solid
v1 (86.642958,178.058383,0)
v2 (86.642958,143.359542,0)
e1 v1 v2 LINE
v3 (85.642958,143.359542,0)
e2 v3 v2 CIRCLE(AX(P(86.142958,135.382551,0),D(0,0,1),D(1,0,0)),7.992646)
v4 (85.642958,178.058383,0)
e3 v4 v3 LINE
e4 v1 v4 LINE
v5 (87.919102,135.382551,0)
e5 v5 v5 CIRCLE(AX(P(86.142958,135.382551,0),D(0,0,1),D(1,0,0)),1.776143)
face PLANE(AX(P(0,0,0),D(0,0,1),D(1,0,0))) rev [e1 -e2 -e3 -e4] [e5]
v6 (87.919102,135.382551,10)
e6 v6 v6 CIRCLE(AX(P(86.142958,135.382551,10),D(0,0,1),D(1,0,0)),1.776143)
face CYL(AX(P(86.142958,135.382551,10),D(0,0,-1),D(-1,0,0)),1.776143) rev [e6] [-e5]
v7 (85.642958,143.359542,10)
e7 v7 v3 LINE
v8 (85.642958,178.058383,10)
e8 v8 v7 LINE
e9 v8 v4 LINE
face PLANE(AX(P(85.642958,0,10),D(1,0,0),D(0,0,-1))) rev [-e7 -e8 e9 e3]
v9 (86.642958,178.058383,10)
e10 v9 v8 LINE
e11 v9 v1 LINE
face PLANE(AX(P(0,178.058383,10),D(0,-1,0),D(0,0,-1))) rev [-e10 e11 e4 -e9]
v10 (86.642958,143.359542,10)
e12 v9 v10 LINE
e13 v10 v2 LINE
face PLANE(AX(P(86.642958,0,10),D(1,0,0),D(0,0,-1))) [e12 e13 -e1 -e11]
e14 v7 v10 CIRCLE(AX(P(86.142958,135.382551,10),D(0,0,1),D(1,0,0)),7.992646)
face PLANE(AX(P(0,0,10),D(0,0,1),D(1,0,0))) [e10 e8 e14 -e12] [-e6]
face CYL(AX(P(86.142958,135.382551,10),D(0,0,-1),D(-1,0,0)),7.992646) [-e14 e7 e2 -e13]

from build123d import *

# Parameters (mm, degrees)
EXTRUDE_1_DEPTH = 10


with BuildPart() as part:
    # Model → 凸台-拉伸1 (new body)
    # profile 1 of 8: a face of its own
    with BuildSketch(Plane.XY):
        with BuildLine():
            ThreePointArc((84.515747624, 134.670602669), (84.656484575, 136.354704261), (86.142958351, 137.15869479))
            Line((86.142958351, 137.15869479), (86.142958351, 143.375196939))
            ThreePointArc((86.142958351, 143.375196939), (85.892835846, 143.371282304), (85.642958351, 143.359542231))
            ThreePointArc((85.642958351, 143.359542231), (79.336442428, 139.572267895), (78.795813778, 132.235830705))
            add(Edge.make_bspline(
                [(78.795813778, 132.235830705), (79.201442186, 132.418540823), (79.597751424, 132.591555239), (80.43048274, 132.949140202), (80.863351604, 133.131140862), (82.114964313, 133.6560009), (82.926668954, 133.99465917), (83.986978139, 134.444262968), (84.25259172, 134.55751775), (84.515747624, 134.670602669)],
                knots=[239.817826964, 239.817826964, 239.817826964, 239.817826964, 241.118324831, 241.118324831, 242.624871419, 242.624871419, 245.637964594, 245.637964594, 246.657264609, 246.657264609, 246.657264609, 246.657264609], degree=3))
        make_face()
    # profile 2 of 8: a face of its own
    with BuildSketch(Plane.XY):
        with BuildLine():
            Line((86.142958351, 143.375196939), (86.142958351, 137.15869479))
            ThreePointArc((86.142958351, 137.15869479), (87.108905296, 136.873065368), (87.764175911, 136.108043742))
            add(Edge.make_bspline(
                [(87.764175911, 136.108043742), (88.044686421, 136.233986931), (88.329332122, 136.361475152), (89.512151447, 136.887586955), (90.447565566, 137.295513383), (92.083163303, 137.96177294), (92.753710832, 138.223187829), (93.469726438, 138.48335369), (93.487007878, 138.489621969), (93.504311736, 138.495887208)],
                knots=[0.564975086, 0.564975086, 0.564975086, 0.564975086, 1.587442363, 1.587442363, 4.749752142, 4.749752142, 6.841880027, 6.841880027, 6.893554923, 6.893554923, 6.893554923, 6.893554923], degree=3))
            ThreePointArc((93.504311736, 138.495887208), (90.765079543, 141.903163231), (86.642958351, 143.359542231))
            ThreePointArc((86.642958351, 143.359542231), (86.393080856, 143.371282304), (86.142958351, 143.375196939))
        make_face()
    # profile 3 of 8: a face of its own
    with BuildSketch(Plane.XY):
        with BuildLine():
            ThreePointArc((85.642958351, 143.359542231), (85.892835846, 143.371282304), (86.142958351, 143.375196939))
            Line((86.142958351, 143.375196939), (86.142958351, 178.058382984))
            Line((86.142958351, 178.058382984), (85.642958351, 178.058382984))
            Line((85.642958351, 178.058382984), (85.642958351, 143.359542231))
        make_face()
    # profile 4 of 8: a face of its own
    with BuildSketch(Plane.XY):
        with BuildLine():
            Line((86.142958351, 178.058382984), (86.142958351, 143.375196939))
            ThreePointArc((86.142958351, 143.375196939), (86.393080856, 143.371282304), (86.642958351, 143.359542231))
            Line((86.642958351, 143.359542231), (86.642958351, 178.058382984))
            Line((86.642958351, 178.058382984), (86.142958351, 178.058382984))
        make_face()
    # profile 5 of 8: a face of its own
    with BuildSketch(Plane.XY):
        with BuildLine():
            add(Edge.make_bspline(
                [(87.764175911, 136.108043742), (88.044686421, 136.233986931), (88.329332122, 136.361475152), (89.512151447, 136.887586955), (90.447565566, 137.295513383), (92.083163303, 137.96177294), (92.753710832, 138.223187829), (93.469726438, 138.48335369), (93.487007878, 138.489621969), (93.504311736, 138.495887208)],
                knots=[0.564975086, 0.564975086, 0.564975086, 0.564975086, 1.587442363, 1.587442363, 4.749752142, 4.749752142, 6.841880027, 6.841880027, 6.893554923, 6.893554923, 6.893554923, 6.893554923], degree=3))
            ThreePointArc((87.764175911, 136.108043742), (87.879938578, 135.753476276), (87.919101822, 135.382551319))
            ThreePointArc((87.919101822, 135.382551319), (86.506638101, 133.644039694), (84.515747624, 134.670602669))
            add(Edge.make_bspline(
                [(78.795813778, 132.235830705), (79.201442186, 132.418540823), (79.597751424, 132.591555239), (80.43048274, 132.949140202), (80.863351604, 133.131140862), (82.114964313, 133.6560009), (82.926668954, 133.99465917), (83.986978139, 134.444262968), (84.25259172, 134.55751775), (84.515747624, 134.670602669)],
                knots=[239.817826964, 239.817826964, 239.817826964, 239.817826964, 241.118324831, 241.118324831, 242.624871419, 242.624871419, 245.637964594, 245.637964594, 246.657264609, 246.657264609, 246.657264609, 246.657264609], degree=3))
            ThreePointArc((78.795813778, 132.235830705), (87.749081185, 127.552943829), (94.135603971, 135.382551319))
            ThreePointArc((94.135603971, 135.382551319), (93.976191174, 136.97089875), (93.504311736, 138.495887208))
        make_face()
        with BuildLine():
            Line((88.496502727, 133.902759243), (88.512127727, 133.958314799))
            Line((88.512127727, 133.958314799), (89.343724949, 133.958314799))
            add(Edge.make_bspline(
                [(89.343724949, 133.958314799), (89.366005787, 133.958238455), (89.408980089, 133.958091208), (89.471053535, 133.956776722), (89.528214846, 133.954691019), (89.580306274, 133.951642223), (89.627534592, 133.9479855), (89.669736637, 133.942554801), (89.707184007, 133.937323238), (89.73017603, 133.932393725), (89.740860366, 133.930102993)],
                knots=[0, 0, 0, 0, 1.340730156, 2.585941556, 3.735938728, 4.782417436, 5.725908979, 6.585455251, 7.3426646, 8, 8, 8, 8], degree=3))
            add(Edge.make_bspline(
                [(89.740860366, 133.930102993), (89.765706412, 133.923464048), (89.813724826, 133.910633369), (89.879766264, 133.879782009), (89.937121094, 133.840548316), (89.984372838, 133.792792491), (90.022630996, 133.739889797), (90.049560147, 133.682258653), (90.06727416, 133.621249519), (90.068985126, 133.579098378), (90.069853421, 133.55770716)],
                knots=[0, 0, 0, 0, 1.1444407, 2.211789597, 3.231322223, 4.22529072, 5.191493565, 6.126021885, 7.048977693, 8, 8, 8, 8], degree=3))
            add(Edge.make_bspline(
                [(90.069853421, 133.55770716), (90.068909804, 133.539711572), (90.066994541, 133.503185887), (90.054506044, 133.44816215), (90.032379754, 133.393332999), (90.003916963, 133.338057211), (89.96660929, 133.285016865), (89.920448571, 133.236493922), (89.866039091, 133.192922642), (89.814439589, 133.160967962), (89.76801639, 133.137432734), (89.727972879, 133.120396865), (89.683969739, 133.102912434), (89.635185634, 133.086510324), (89.582232564, 133.070101588), (89.524694533, 133.054211436), (89.463059851, 133.03780512), (89.420153109, 133.028320648), (89.397978421, 133.023418965)],
                knots=[0, 0, 0, 0, 0.926015676, 1.879536179, 2.885868529, 3.961296715, 5.072379891, 6.209732737, 7.395503017, 8.649275246, 9.325055167, 10.071803552, 10.887356143, 11.760683543, 12.718957186, 13.739396155, 14.831694431, 16, 16, 16, 16], degree=3))
            add(Edge.make_bspline(
                [(89.397978421, 133.023418965), (89.42206246, 133.016998306), (89.468651614, 133.00457792), (89.535067023, 132.982763634), (89.595715409, 132.95982056), (89.651100787, 132.936143224), (89.700227585, 132.910105818), (89.744019154, 132.88338132), (89.781886478, 132.854956525), (89.814050432, 132.824870327), (89.84187059, 132.793564633), (89.865689713, 132.761145878), (89.885826791, 132.727400518), (89.902526046, 132.692622975), (89.915086126, 132.656311611), (89.924115105, 132.618958092), (89.930145032, 132.580326591), (89.930688233, 132.554113403), (89.930964532, 132.540780076)],
                knots=[0, 0, 0, 0, 1.531555644, 2.96270413, 4.293681306, 5.516048711, 6.661459008, 7.707599869, 8.666075599, 9.565667882, 10.409627692, 11.23655517, 12.034039933, 12.821499316, 13.603215525, 14.390323465, 15.181238721, 16, 16, 16, 16], degree=3))
            add(Edge.make_bspline(
                [(89.930964532, 132.540780076), (89.930624849, 132.528177306), (89.92994649, 132.503009206), (89.924587774, 132.465179366), (89.915280889, 132.42768631), (89.9032277, 132.389938357), (89.88700207, 132.352716467), (89.867254625, 132.31543414), (89.843812939, 132.2784648), (89.817528115, 132.241608575), (89.788110476, 132.206194712), (89.756210312, 132.172800733), (89.721562196, 132.142334206), (89.685005327, 132.114115641), (89.64647148, 132.087745357), (89.604906283, 132.065034344), (89.561447941, 132.043945869), (89.514368358, 132.025339229), (89.461239324, 132.008793245), (89.399352063, 131.995306447), (89.327899069, 131.98384116), (89.246657378, 131.974383297), (89.155736045, 131.967176307), (89.054848241, 131.962258297), (88.944302551, 131.958502897), (88.867310769, 131.958379194), (88.827231893, 131.958314799)],
                knots=[0, 0, 0, 0, 0.649983419, 1.298035872, 1.965980934, 2.640976837, 3.339692447, 4.057479056, 4.815351188, 5.596173487, 6.391204644, 7.188229986, 7.97597665, 8.768657352, 9.569725703, 10.381602759, 11.209445122, 12.06037968, 12.990438067, 14.076787314, 15.324591579, 16.722421325, 18.294818179, 20.028592824, 21.932642545, 24, 24, 24, 24], degree=3))
            Line((88.827231893, 131.958314799), (87.937040921, 131.958314799))
            Line((87.937040921, 131.958314799), (87.957440227, 132.013870354))
            add(Edge.make_bspline(
                [(87.957440227, 132.013870354), (87.97742018, 132.014006357), (88.014397404, 132.01425806), (88.065230888, 132.01883261), (88.107276247, 132.024531417), (88.141098002, 132.03430147), (88.16901877, 132.046946668), (88.19286513, 132.062820301), (88.214481834, 132.081028857), (88.234102735, 132.103972973), (88.252489424, 132.135057067), (88.271101693, 132.177140141), (88.291189357, 132.23150028), (88.30438723, 132.272063116), (88.311606893, 132.294252299)],
                knots=[0, 0, 0, 0, 1.413684466, 2.616328741, 3.6114587, 4.411948615, 5.099362341, 5.772591528, 6.433556287, 7.094521047, 7.898997588, 8.980549035, 10.348262692, 12, 12, 12, 12], degree=3))
            Line((88.311606893, 132.294252299), (88.686606893, 133.523418965))
            add(Edge.make_bspline(
                [(88.686606893, 133.523418965), (88.691092356, 133.538464662), (88.699711053, 133.567374565), (88.712001207, 133.608636195), (88.721866907, 133.646181737), (88.730508377, 133.679637731), (88.736168228, 133.70945627), (88.741415531, 133.73523107), (88.744065765, 133.75715834), (88.744551035, 133.770520876), (88.744766616, 133.77645716)],
                knots=[0, 0, 0, 0, 1.447737894, 2.781789423, 3.969395032, 5.027424898, 5.966676759, 6.767329987, 7.452388503, 8, 8, 8, 8], degree=3))
            add(Edge.make_bspline(
                [(88.744766616, 133.77645716), (88.744154591, 133.784774328), (88.742938857, 133.801295672), (88.734022406, 133.82476489), (88.718760938, 133.845460846), (88.701810087, 133.860619777), (88.684467991, 133.871410359), (88.667339877, 133.878204886), (88.647188527, 133.884583139), (88.623583927, 133.890341507), (88.596519633, 133.894265038), (88.566331944, 133.898461843), (88.532542139, 133.90073386), (88.508944917, 133.902060003), (88.496502727, 133.902759243)],
                knots=[0, 0, 0, 0, 0.966607597, 1.920083533, 2.872965034, 3.933888757, 4.545873516, 5.239857326, 6.070253167, 7.005125835, 8.062170482, 9.250079418, 10.550039757, 12, 12, 12, 12], degree=3))
        make_face(mode=Mode.SUBTRACT)
    # profile 6 of 8: a face of its own
    with BuildSketch(Plane.XY):
        with BuildLine():
            Line((89.343724949, 133.958314799), (88.512127727, 133.958314799))
            Line((88.512127727, 133.958314799), (88.496502727, 133.902759243))
            add(Edge.make_bspline(
                [(88.744766616, 133.77645716), (88.744154591, 133.784774328), (88.742938857, 133.801295672), (88.734022406, 133.82476489), (88.718760938, 133.845460846), (88.701810087, 133.860619777), (88.684467991, 133.871410359), (88.667339877, 133.878204886), (88.647188527, 133.884583139), (88.623583927, 133.890341507), (88.596519633, 133.894265038), (88.566331944, 133.898461843), (88.532542139, 133.90073386), (88.508944917, 133.902060003), (88.496502727, 133.902759243)],
                knots=[0, 0, 0, 0, 0.966607597, 1.920083533, 2.872965034, 3.933888757, 4.545873516, 5.239857326, 6.070253167, 7.005125835, 8.062170482, 9.250079418, 10.550039757, 12, 12, 12, 12], degree=3))
            add(Edge.make_bspline(
                [(88.686606893, 133.523418965), (88.691092356, 133.538464662), (88.699711053, 133.567374565), (88.712001207, 133.608636195), (88.721866907, 133.646181737), (88.730508377, 133.679637731), (88.736168228, 133.70945627), (88.741415531, 133.73523107), (88.744065765, 133.75715834), (88.744551035, 133.770520876), (88.744766616, 133.77645716)],
                knots=[0, 0, 0, 0, 1.447737894, 2.781789423, 3.969395032, 5.027424898, 5.966676759, 6.767329987, 7.452388503, 8, 8, 8, 8], degree=3))
            Line((88.686606893, 133.523418965), (88.311606893, 132.294252299))
            add(Edge.make_bspline(
                [(87.957440227, 132.013870354), (87.97742018, 132.014006357), (88.014397404, 132.01425806), (88.065230888, 132.01883261), (88.107276247, 132.024531417), (88.141098002, 132.03430147), (88.16901877, 132.046946668), (88.19286513, 132.062820301), (88.214481834, 132.081028857), (88.234102735, 132.103972973), (88.252489424, 132.135057067), (88.271101693, 132.177140141), (88.291189357, 132.23150028), (88.30438723, 132.272063116), (88.311606893, 132.294252299)],
                knots=[0, 0, 0, 0, 1.413684466, 2.616328741, 3.6114587, 4.411948615, 5.099362341, 5.772591528, 6.433556287, 7.094521047, 7.898997588, 8.980549035, 10.348262692, 12, 12, 12, 12], degree=3))
            Line((87.957440227, 132.013870354), (87.937040921, 131.958314799))
            Line((87.937040921, 131.958314799), (88.827231893, 131.958314799))
            add(Edge.make_bspline(
                [(89.930964532, 132.540780076), (89.930624849, 132.528177306), (89.92994649, 132.503009206), (89.924587774, 132.465179366), (89.915280889, 132.42768631), (89.9032277, 132.389938357), (89.88700207, 132.352716467), (89.867254625, 132.31543414), (89.843812939, 132.2784648), (89.817528115, 132.241608575), (89.788110476, 132.206194712), (89.756210312, 132.172800733), (89.721562196, 132.142334206), (89.685005327, 132.114115641), (89.64647148, 132.087745357), (89.604906283, 132.065034344), (89.561447941, 132.043945869), (89.514368358, 132.025339229), (89.461239324, 132.008793245), (89.399352063, 131.995306447), (89.327899069, 131.98384116), (89.246657378, 131.974383297), (89.155736045, 131.967176307), (89.054848241, 131.962258297), (88.944302551, 131.958502897), (88.867310769, 131.958379194), (88.827231893, 131.958314799)],
                knots=[0, 0, 0, 0, 0.649983419, 1.298035872, 1.965980934, 2.640976837, 3.339692447, 4.057479056, 4.815351188, 5.596173487, 6.391204644, 7.188229986, 7.97597665, 8.768657352, 9.569725703, 10.381602759, 11.209445122, 12.06037968, 12.990438067, 14.076787314, 15.324591579, 16.722421325, 18.294818179, 20.028592824, 21.932642545, 24, 24, 24, 24], degree=3))
            add(Edge.make_bspline(
                [(89.397978421, 133.023418965), (89.42206246, 133.016998306), (89.468651614, 133.00457792), (89.535067023, 132.982763634), (89.595715409, 132.95982056), (89.651100787, 132.936143224), (89.700227585, 132.910105818), (89.744019154, 132.88338132), (89.781886478, 132.854956525), (89.814050432, 132.824870327), (89.84187059, 132.793564633), (89.865689713, 132.761145878), (89.885826791, 132.727400518), (89.902526046, 132.692622975), (89.915086126, 132.656311611), (89.924115105, 132.618958092), (89.930145032, 132.580326591), (89.930688233, 132.554113403), (89.930964532, 132.540780076)],
                knots=[0, 0, 0, 0, 1.531555644, 2.96270413, 4.293681306, 5.516048711, 6.661459008, 7.707599869, 8.666075599, 9.565667882, 10.409627692, 11.23655517, 12.034039933, 12.821499316, 13.603215525, 14.390323465, 15.181238721, 16, 16, 16, 16], degree=3))
            add(Edge.make_bspline(
                [(90.069853421, 133.55770716), (90.068909804, 133.539711572), (90.066994541, 133.503185887), (90.054506044, 133.44816215), (90.032379754, 133.393332999), (90.003916963, 133.338057211), (89.96660929, 133.285016865), (89.920448571, 133.236493922), (89.866039091, 133.192922642), (89.814439589, 133.160967962), (89.76801639, 133.137432734), (89.727972879, 133.120396865), (89.683969739, 133.102912434), (89.635185634, 133.086510324), (89.582232564, 133.070101588), (89.524694533, 133.054211436), (89.463059851, 133.03780512), (89.420153109, 133.028320648), (89.397978421, 133.023418965)],
                knots=[0, 0, 0, 0, 0.926015676, 1.879536179, 2.885868529, 3.961296715, 5.072379891, 6.209732737, 7.395503017, 8.649275246, 9.325055167, 10.071803552, 10.887356143, 11.760683543, 12.718957186, 13.739396155, 14.831694431, 16, 16, 16, 16], degree=3))
            add(Edge.make_bspline(
                [(89.740860366, 133.930102993), (89.765706412, 133.923464048), (89.813724826, 133.910633369), (89.879766264, 133.879782009), (89.937121094, 133.840548316), (89.984372838, 133.792792491), (90.022630996, 133.739889797), (90.049560147, 133.682258653), (90.06727416, 133.621249519), (90.068985126, 133.579098378), (90.069853421, 133.55770716)],
                knots=[0, 0, 0, 0, 1.1444407, 2.211789597, 3.231322223, 4.22529072, 5.191493565, 6.126021885, 7.048977693, 8, 8, 8, 8], degree=3))
            add(Edge.make_bspline(
                [(89.343724949, 133.958314799), (89.366005787, 133.958238455), (89.408980089, 133.958091208), (89.471053535, 133.956776722), (89.528214846, 133.954691019), (89.580306274, 133.951642223), (89.627534592, 133.9479855), (89.669736637, 133.942554801), (89.707184007, 133.937323238), (89.73017603, 133.932393725), (89.740860366, 133.930102993)],
                knots=[0, 0, 0, 0, 1.340730156, 2.585941556, 3.735938728, 4.782417436, 5.725908979, 6.585455251, 7.3426646, 8, 8, 8, 8], degree=3))
        make_face()
        with BuildLine():
            Line((88.706138143, 132.072464104), (88.976103421, 132.958314799))
            add(Edge.make_bspline(
                [(89.430964532, 132.644078688), (89.430441852, 132.660330843), (89.429419494, 132.692119925), (89.419600283, 132.738258323), (89.403296389, 132.781320132), (89.381237838, 132.82100225), (89.354471731, 132.856622892), (89.323462753, 132.887050441), (89.288213004, 132.911223027), (89.255407332, 132.926452203), (89.226104751, 132.93524126), (89.200745381, 132.942098979), (89.171785151, 132.946847538), (89.139404255, 132.951470817), (89.103430975, 132.954039215), (89.064108389, 132.956963488), (89.021247777, 132.958043628), (88.991583555, 132.958221813), (88.976103421, 132.958314799)],
                knots=[0, 0, 0, 0, 1.228143642, 2.402238964, 3.548668198, 4.699893356, 5.824967036, 6.90849946, 7.970990416, 9.043411673, 9.628389874, 10.284038706, 11.028969131, 11.846202225, 12.757796755, 13.755882639, 14.828917999, 16, 16, 16, 16], degree=3))
            add(Edge.make_bspline(
                [(88.821155505, 132.06942591), (88.84866324, 132.070042176), (88.90149483, 132.071225781), (88.977653077, 132.079289117), (89.04729144, 132.093510159), (89.110586611, 132.113242321), (89.167457742, 132.138980606), (89.217552738, 132.170698661), (89.261501595, 132.208082635), (89.2979372, 132.251268599), (89.328846354, 132.297584002), (89.356214373, 132.344660624), (89.379460198, 132.392626579), (89.398084458, 132.441483511), (89.412966921, 132.490908205), (89.423483136, 132.541283361), (89.429590579, 132.59242216), (89.430506192, 132.626846468), (89.430964532, 132.644078688)],
                knots=[0, 0, 0, 0, 1.388963014, 2.667654152, 3.861116407, 4.972422251, 6.008704621, 7.003792219, 7.957024742, 8.910257266, 9.846372071, 10.766095332, 11.658099317, 12.534531264, 13.403594638, 14.261813026, 15.129893296, 16, 16, 16, 16], degree=3))
            add(Edge.make_bspline(
                [(88.706138143, 132.072464104), (88.718145002, 132.071986568), (88.740564667, 132.071094895), (88.77168118, 132.070489298), (88.797999092, 132.069228), (88.813920632, 132.069364076), (88.821155505, 132.06942591)],
                knots=[0, 0, 0, 0, 1.253103092, 2.339841935, 3.245611237, 4, 4, 4, 4], degree=3))
        make_face(mode=Mode.SUBTRACT)
        with BuildLine():
            add(Edge.make_bspline(
                [(89.009957588, 133.06942591), (89.040964931, 133.070570593), (89.099755845, 133.07274095), (89.182813, 133.084922643), (89.255836718, 133.10333032), (89.319543098, 133.130145134), (89.374641126, 133.166360577), (89.423580421, 133.211498469), (89.466745908, 133.266282486), (89.502435571, 133.329409773), (89.5315918, 133.395614628), (89.553937743, 133.461398157), (89.567055283, 133.52579051), (89.568934562, 133.568214358), (89.569853421, 133.58895716)],
                knots=[0, 0, 0, 0, 1.296009604, 2.457275658, 3.501521971, 4.436013454, 5.331587176, 6.243103961, 7.207269813, 8.2340209, 9.265443947, 10.227236849, 11.133221619, 12, 12, 12, 12], degree=3))
            Line((89.009957588, 133.06942591), (89.246936755, 133.847203688))
            Line((89.246936755, 133.847203688), (89.322457588, 133.847203688))
            add(Edge.make_bspline(
                [(89.569853421, 133.58895716), (89.569072153, 133.607269528), (89.567569787, 133.642483954), (89.554596876, 133.692552102), (89.533611397, 133.73747673), (89.503783189, 133.776134545), (89.467346373, 133.808286513), (89.423990323, 133.831331138), (89.37493161, 133.845039178), (89.340343061, 133.846465927), (89.322457588, 133.847203688)],
                knots=[0, 0, 0, 0, 1.090928831, 2.09784069, 3.063011639, 4.029725012, 4.990253829, 5.940176499, 6.934881111, 8, 8, 8, 8], degree=3))
        make_face(mode=Mode.SUBTRACT)
    # profile 7 of 8: a face of its own
    with BuildSketch(Plane.XY):
        with BuildLine():
            Line((89.246936755, 133.847203688), (89.009957588, 133.06942591))
            add(Edge.make_bspline(
                [(89.009957588, 133.06942591), (89.040964931, 133.070570593), (89.099755845, 133.07274095), (89.182813, 133.084922643), (89.255836718, 133.10333032), (89.319543098, 133.130145134), (89.374641126, 133.166360577), (89.423580421, 133.211498469), (89.466745908, 133.266282486), (89.502435571, 133.329409773), (89.5315918, 133.395614628), (89.553937743, 133.461398157), (89.567055283, 133.52579051), (89.568934562, 133.568214358), (89.569853421, 133.58895716)],
                knots=[0, 0, 0, 0, 1.296009604, 2.457275658, 3.501521971, 4.436013454, 5.331587176, 6.243103961, 7.207269813, 8.2340209, 9.265443947, 10.227236849, 11.133221619, 12, 12, 12, 12], degree=3))
            add(Edge.make_bspline(
                [(89.569853421, 133.58895716), (89.569072153, 133.607269528), (89.567569787, 133.642483954), (89.554596876, 133.692552102), (89.533611397, 133.73747673), (89.503783189, 133.776134545), (89.467346373, 133.808286513), (89.423990323, 133.831331138), (89.37493161, 133.845039178), (89.340343061, 133.846465927), (89.322457588, 133.847203688)],
                knots=[0, 0, 0, 0, 1.090928831, 2.09784069, 3.063011639, 4.029725012, 4.990253829, 5.940176499, 6.934881111, 8, 8, 8, 8], degree=3))
            Line((89.322457588, 133.847203688), (89.246936755, 133.847203688))
        make_face()
    # profile 8 of 8: a face of its own
    with BuildSketch(Plane.XY):
        with BuildLine():
            add(Edge.make_bspline(
                [(89.430964532, 132.644078688), (89.430441852, 132.660330843), (89.429419494, 132.692119925), (89.419600283, 132.738258323), (89.403296389, 132.781320132), (89.381237838, 132.82100225), (89.354471731, 132.856622892), (89.323462753, 132.887050441), (89.288213004, 132.911223027), (89.255407332, 132.926452203), (89.226104751, 132.93524126), (89.200745381, 132.942098979), (89.171785151, 132.946847538), (89.139404255, 132.951470817), (89.103430975, 132.954039215), (89.064108389, 132.956963488), (89.021247777, 132.958043628), (88.991583555, 132.958221813), (88.976103421, 132.958314799)],
                knots=[0, 0, 0, 0, 1.228143642, 2.402238964, 3.548668198, 4.699893356, 5.824967036, 6.90849946, 7.970990416, 9.043411673, 9.628389874, 10.284038706, 11.028969131, 11.846202225, 12.757796755, 13.755882639, 14.828917999, 16, 16, 16, 16], degree=3))
            Line((88.976103421, 132.958314799), (88.706138143, 132.072464104))
            add(Edge.make_bspline(
                [(88.706138143, 132.072464104), (88.718145002, 132.071986568), (88.740564667, 132.071094895), (88.77168118, 132.070489298), (88.797999092, 132.069228), (88.813920632, 132.069364076), (88.821155505, 132.06942591)],
                knots=[0, 0, 0, 0, 1.253103092, 2.339841935, 3.245611237, 4, 4, 4, 4], degree=3))
            add(Edge.make_bspline(
                [(88.821155505, 132.06942591), (88.84866324, 132.070042176), (88.90149483, 132.071225781), (88.977653077, 132.079289117), (89.04729144, 132.093510159), (89.110586611, 132.113242321), (89.167457742, 132.138980606), (89.217552738, 132.170698661), (89.261501595, 132.208082635), (89.2979372, 132.251268599), (89.328846354, 132.297584002), (89.356214373, 132.344660624), (89.379460198, 132.392626579), (89.398084458, 132.441483511), (89.412966921, 132.490908205), (89.423483136, 132.541283361), (89.429590579, 132.59242216), (89.430506192, 132.626846468), (89.430964532, 132.644078688)],
                knots=[0, 0, 0, 0, 1.388963014, 2.667654152, 3.861116407, 4.972422251, 6.008704621, 7.003792219, 7.957024742, 8.910257266, 9.846372071, 10.766095332, 11.658099317, 12.534531264, 13.403594638, 14.261813026, 15.129893296, 16, 16, 16, 16], degree=3))
        make_face()
    extrude(amount=EXTRUDE_1_DEPTH)


solid = part.part
